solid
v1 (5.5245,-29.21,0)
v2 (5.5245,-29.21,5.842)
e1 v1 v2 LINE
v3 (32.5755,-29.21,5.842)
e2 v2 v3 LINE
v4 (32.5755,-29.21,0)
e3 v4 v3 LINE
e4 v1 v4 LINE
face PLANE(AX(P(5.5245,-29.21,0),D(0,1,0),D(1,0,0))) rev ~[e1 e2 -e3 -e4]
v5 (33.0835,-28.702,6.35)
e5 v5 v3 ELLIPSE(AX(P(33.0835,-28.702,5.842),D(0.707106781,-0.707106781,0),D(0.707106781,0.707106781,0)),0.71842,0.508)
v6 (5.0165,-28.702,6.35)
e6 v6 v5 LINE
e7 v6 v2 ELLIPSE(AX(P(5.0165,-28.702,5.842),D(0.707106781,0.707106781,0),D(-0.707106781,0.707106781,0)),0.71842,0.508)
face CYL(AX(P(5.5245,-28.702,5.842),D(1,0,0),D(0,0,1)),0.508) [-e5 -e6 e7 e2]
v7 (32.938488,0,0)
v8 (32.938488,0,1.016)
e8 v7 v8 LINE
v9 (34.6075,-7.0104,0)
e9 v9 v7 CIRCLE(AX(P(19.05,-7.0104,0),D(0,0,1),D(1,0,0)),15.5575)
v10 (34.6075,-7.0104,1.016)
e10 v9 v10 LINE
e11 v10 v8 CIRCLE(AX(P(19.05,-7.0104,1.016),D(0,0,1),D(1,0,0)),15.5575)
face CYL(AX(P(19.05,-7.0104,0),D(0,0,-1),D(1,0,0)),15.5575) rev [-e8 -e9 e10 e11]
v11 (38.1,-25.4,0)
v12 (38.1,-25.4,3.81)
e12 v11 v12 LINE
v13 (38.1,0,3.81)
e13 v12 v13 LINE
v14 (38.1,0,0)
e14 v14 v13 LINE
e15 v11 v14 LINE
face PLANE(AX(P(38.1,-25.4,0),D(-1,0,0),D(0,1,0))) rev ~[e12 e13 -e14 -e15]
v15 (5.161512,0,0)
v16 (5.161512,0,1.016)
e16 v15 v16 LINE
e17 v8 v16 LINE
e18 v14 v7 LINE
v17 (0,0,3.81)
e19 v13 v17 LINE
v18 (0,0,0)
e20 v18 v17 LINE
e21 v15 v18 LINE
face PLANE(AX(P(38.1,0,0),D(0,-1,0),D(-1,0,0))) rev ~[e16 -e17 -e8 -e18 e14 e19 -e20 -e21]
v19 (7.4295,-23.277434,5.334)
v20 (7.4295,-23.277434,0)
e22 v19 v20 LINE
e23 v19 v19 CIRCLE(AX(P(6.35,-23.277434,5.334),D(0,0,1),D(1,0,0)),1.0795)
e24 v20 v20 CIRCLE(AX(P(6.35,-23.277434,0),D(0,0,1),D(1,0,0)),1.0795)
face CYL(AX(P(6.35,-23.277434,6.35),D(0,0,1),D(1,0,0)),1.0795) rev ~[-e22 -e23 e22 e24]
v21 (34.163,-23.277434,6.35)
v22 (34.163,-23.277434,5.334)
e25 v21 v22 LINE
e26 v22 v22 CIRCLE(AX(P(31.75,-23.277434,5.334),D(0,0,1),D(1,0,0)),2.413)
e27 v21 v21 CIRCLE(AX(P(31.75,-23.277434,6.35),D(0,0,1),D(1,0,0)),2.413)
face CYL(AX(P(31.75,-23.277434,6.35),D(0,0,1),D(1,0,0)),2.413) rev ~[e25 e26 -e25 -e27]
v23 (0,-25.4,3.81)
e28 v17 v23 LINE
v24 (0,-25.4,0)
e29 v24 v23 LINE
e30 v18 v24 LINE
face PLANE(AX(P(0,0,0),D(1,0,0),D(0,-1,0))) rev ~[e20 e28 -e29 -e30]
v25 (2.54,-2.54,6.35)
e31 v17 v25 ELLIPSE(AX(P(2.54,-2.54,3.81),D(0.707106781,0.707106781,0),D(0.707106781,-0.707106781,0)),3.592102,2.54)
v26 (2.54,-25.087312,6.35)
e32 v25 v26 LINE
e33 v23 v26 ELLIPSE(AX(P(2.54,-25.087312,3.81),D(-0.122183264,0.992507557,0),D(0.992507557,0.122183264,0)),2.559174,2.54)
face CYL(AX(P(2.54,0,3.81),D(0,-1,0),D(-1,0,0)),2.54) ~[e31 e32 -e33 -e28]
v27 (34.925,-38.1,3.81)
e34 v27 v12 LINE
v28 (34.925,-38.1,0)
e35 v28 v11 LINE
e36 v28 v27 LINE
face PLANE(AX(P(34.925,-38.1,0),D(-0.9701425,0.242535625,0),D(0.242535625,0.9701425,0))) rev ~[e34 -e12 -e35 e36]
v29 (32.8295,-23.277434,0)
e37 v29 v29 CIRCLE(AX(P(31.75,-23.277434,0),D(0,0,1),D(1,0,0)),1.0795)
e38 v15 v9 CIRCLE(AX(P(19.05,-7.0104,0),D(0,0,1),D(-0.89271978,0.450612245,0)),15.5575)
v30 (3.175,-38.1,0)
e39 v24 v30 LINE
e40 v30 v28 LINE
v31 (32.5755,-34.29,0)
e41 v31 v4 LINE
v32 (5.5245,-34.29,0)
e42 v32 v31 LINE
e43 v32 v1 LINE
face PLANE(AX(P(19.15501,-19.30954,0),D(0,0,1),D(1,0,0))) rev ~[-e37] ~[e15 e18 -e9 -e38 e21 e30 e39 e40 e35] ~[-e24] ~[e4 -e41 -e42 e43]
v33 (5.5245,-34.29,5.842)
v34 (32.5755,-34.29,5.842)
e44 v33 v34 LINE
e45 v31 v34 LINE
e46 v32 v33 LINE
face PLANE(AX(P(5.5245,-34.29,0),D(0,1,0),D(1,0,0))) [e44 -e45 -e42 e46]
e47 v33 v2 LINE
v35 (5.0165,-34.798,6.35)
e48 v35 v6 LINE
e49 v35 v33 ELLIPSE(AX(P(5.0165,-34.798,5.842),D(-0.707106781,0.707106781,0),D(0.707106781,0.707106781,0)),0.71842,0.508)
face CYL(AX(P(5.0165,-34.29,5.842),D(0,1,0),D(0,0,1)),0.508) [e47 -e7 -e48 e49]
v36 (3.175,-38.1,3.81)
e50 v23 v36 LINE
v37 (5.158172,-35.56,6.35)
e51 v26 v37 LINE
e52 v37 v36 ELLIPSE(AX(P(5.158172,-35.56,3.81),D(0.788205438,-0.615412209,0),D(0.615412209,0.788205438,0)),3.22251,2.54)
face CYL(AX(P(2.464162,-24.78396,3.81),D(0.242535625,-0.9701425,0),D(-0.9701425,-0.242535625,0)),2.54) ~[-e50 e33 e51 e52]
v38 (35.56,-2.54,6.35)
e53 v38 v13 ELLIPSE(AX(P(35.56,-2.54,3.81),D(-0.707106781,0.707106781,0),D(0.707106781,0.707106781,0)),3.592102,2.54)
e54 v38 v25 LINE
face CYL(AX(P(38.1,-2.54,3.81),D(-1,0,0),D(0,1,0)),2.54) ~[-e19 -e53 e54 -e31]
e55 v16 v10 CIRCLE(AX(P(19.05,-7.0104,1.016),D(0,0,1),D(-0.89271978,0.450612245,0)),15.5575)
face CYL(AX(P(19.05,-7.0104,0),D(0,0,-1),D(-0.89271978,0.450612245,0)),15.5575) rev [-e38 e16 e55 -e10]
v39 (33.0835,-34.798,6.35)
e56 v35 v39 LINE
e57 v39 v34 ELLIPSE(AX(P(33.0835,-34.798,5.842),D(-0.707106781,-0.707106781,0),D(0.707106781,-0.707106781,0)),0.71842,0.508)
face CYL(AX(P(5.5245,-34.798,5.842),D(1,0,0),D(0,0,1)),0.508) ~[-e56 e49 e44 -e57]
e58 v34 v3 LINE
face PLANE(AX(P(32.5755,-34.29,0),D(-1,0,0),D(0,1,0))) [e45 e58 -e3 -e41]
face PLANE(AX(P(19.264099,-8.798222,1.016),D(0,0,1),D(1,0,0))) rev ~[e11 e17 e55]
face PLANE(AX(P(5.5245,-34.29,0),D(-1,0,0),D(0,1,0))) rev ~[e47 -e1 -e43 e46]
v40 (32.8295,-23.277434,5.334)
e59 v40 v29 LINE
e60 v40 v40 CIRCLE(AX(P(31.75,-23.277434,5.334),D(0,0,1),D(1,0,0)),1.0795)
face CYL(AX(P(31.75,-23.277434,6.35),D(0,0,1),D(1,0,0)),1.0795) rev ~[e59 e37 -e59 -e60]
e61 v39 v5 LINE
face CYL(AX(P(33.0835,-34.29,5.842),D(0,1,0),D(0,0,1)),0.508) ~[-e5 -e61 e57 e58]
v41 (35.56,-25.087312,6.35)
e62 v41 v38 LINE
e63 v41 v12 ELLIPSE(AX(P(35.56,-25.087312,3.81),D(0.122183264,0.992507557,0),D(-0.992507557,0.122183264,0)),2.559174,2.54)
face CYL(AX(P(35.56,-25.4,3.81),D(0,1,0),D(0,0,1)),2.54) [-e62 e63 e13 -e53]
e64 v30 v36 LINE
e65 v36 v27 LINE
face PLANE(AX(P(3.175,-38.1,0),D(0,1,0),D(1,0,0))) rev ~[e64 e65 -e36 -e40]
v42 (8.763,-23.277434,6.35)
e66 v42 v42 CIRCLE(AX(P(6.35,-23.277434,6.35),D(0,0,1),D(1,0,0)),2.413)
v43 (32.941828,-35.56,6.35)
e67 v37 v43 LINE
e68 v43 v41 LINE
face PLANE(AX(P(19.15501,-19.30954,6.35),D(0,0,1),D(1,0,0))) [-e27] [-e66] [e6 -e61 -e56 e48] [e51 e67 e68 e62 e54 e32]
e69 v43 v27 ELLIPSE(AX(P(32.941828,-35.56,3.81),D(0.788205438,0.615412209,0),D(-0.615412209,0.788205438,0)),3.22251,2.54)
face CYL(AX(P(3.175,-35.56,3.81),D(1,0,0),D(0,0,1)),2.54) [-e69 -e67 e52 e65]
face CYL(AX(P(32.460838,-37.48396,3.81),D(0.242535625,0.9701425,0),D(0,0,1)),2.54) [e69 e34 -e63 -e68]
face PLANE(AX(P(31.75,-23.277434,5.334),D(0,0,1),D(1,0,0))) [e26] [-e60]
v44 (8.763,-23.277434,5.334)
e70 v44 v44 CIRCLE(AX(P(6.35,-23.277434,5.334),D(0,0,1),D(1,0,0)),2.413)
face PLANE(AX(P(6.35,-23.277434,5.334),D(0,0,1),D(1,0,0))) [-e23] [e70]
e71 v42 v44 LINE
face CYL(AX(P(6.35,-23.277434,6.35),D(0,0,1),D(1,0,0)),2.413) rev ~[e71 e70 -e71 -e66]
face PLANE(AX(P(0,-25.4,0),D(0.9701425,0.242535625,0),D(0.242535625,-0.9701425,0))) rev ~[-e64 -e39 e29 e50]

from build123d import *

# Parameters (mm, degrees)
F0_W     = 27.051
F0_H     = 5.08
F1_DEPTH = 6.35
F2_DEPTH = 1.016
F3_R     = 1.0795
F4_DEPTH = 6.351
F3_R_2   = 2.413
F5_DEPTH = 1.016
F6_R     = 2.54
F7_R     = 0.508


with BuildPart() as f1:
    # F0 (on Top) → F1 (new body)
    with BuildSketch(Plane.XY):
        with BuildLine():
            Line((5.1615120301, 0), (0, 0))
            Line((0, 0), (0, -25.4))
            Line((0, -25.4), (3.175, -38.1))
            Line((3.175, -38.1), (34.925, -38.1))
            Line((34.925, -38.1), (38.1, -25.4))
            Line((38.1, -25.4), (38.1, 0))
            Line((38.1, 0), (32.9384879699, 0))
            ThreePointArc((32.9384879699, 0), (34.184496322, -3.4072309325), (34.6075, -7.0104))
            ThreePointArc((34.6075, -7.0104), (15.4468309325, -22.144896322), (5.1615120301, 0))
        make_face()
        with Locations((19.05, -31.75)):
            Rectangle(F0_W, F0_H, mode=Mode.SUBTRACT)
        with BuildLine():
            Line((32.9384879699, 0), (5.1615120301, 0))
            ThreePointArc((5.1615120301, 0), (15.4468309325, -22.144896322), (34.6075, -7.0104))
            ThreePointArc((34.6075, -7.0104), (34.184496322, -3.4072309325), (32.9384879699, 0))
        make_face()
    extrude(amount=F1_DEPTH)

    # F0 (on Top) → F2 (cut)
    with BuildSketch(Plane.XY):
        with BuildLine():
            Line((32.9384879699, 0), (5.1615120301, 0))
            ThreePointArc((5.1615120301, 0), (15.4468309325, -22.144896322), (34.6075, -7.0104))
            ThreePointArc((34.6075, -7.0104), (34.184496322, -3.4072309325), (32.9384879699, 0))
        make_face()
    extrude(amount=F2_DEPTH, mode=Mode.SUBTRACT)

    # F3 (on face) → F4 (cut, through all)
    with BuildSketch(Plane.XY.offset(6.35)):
        with Locations((6.35, -23.277434341)):
            Circle(F3_R)
        with Locations((31.75, -23.277434341)):
            Circle(F3_R)
    extrude(amount=-F4_DEPTH, mode=Mode.SUBTRACT)

    # F3 (on face) → F5 (cut)
    with BuildSketch(Plane.XY.offset(6.35)):
        with Locations((31.75, -23.277434341)):
            Circle(F3_R_2)
        with Locations((31.75, -23.277434341)):
            Circle(F3_R, mode=Mode.SUBTRACT)
        with Locations((6.35, -23.277434341)):
            Circle(F3_R_2)
        with Locations((6.35, -23.277434341)):
            Circle(F3_R, mode=Mode.SUBTRACT)
    extrude(amount=-F5_DEPTH, mode=Mode.SUBTRACT)

    # F6
    f6_edges = [f1.edges().sort_by_distance(p)[0] for p in [
        (38.1, -12.7, 6.35),
        (36.5125, -31.75, 6.35),
        (19.05, -38.1, 6.35),
        (1.5875, -31.75, 6.35),
        (0, -12.7, 6.35),
        (19.05, 0, 6.35),
    ]]
    fillet(f6_edges, radius=F6_R)

    # F7
    f7_edges = [f1.edges().sort_by_distance(p)[0] for p in [
        (5.5245, -31.75, 6.35),
        (19.05, -34.29, 6.35),
        (19.05, -29.21, 6.35),
        (32.5755, -31.75, 6.35),
    ]]
    fillet(f7_edges, radius=F7_R)


solid = f1.part
